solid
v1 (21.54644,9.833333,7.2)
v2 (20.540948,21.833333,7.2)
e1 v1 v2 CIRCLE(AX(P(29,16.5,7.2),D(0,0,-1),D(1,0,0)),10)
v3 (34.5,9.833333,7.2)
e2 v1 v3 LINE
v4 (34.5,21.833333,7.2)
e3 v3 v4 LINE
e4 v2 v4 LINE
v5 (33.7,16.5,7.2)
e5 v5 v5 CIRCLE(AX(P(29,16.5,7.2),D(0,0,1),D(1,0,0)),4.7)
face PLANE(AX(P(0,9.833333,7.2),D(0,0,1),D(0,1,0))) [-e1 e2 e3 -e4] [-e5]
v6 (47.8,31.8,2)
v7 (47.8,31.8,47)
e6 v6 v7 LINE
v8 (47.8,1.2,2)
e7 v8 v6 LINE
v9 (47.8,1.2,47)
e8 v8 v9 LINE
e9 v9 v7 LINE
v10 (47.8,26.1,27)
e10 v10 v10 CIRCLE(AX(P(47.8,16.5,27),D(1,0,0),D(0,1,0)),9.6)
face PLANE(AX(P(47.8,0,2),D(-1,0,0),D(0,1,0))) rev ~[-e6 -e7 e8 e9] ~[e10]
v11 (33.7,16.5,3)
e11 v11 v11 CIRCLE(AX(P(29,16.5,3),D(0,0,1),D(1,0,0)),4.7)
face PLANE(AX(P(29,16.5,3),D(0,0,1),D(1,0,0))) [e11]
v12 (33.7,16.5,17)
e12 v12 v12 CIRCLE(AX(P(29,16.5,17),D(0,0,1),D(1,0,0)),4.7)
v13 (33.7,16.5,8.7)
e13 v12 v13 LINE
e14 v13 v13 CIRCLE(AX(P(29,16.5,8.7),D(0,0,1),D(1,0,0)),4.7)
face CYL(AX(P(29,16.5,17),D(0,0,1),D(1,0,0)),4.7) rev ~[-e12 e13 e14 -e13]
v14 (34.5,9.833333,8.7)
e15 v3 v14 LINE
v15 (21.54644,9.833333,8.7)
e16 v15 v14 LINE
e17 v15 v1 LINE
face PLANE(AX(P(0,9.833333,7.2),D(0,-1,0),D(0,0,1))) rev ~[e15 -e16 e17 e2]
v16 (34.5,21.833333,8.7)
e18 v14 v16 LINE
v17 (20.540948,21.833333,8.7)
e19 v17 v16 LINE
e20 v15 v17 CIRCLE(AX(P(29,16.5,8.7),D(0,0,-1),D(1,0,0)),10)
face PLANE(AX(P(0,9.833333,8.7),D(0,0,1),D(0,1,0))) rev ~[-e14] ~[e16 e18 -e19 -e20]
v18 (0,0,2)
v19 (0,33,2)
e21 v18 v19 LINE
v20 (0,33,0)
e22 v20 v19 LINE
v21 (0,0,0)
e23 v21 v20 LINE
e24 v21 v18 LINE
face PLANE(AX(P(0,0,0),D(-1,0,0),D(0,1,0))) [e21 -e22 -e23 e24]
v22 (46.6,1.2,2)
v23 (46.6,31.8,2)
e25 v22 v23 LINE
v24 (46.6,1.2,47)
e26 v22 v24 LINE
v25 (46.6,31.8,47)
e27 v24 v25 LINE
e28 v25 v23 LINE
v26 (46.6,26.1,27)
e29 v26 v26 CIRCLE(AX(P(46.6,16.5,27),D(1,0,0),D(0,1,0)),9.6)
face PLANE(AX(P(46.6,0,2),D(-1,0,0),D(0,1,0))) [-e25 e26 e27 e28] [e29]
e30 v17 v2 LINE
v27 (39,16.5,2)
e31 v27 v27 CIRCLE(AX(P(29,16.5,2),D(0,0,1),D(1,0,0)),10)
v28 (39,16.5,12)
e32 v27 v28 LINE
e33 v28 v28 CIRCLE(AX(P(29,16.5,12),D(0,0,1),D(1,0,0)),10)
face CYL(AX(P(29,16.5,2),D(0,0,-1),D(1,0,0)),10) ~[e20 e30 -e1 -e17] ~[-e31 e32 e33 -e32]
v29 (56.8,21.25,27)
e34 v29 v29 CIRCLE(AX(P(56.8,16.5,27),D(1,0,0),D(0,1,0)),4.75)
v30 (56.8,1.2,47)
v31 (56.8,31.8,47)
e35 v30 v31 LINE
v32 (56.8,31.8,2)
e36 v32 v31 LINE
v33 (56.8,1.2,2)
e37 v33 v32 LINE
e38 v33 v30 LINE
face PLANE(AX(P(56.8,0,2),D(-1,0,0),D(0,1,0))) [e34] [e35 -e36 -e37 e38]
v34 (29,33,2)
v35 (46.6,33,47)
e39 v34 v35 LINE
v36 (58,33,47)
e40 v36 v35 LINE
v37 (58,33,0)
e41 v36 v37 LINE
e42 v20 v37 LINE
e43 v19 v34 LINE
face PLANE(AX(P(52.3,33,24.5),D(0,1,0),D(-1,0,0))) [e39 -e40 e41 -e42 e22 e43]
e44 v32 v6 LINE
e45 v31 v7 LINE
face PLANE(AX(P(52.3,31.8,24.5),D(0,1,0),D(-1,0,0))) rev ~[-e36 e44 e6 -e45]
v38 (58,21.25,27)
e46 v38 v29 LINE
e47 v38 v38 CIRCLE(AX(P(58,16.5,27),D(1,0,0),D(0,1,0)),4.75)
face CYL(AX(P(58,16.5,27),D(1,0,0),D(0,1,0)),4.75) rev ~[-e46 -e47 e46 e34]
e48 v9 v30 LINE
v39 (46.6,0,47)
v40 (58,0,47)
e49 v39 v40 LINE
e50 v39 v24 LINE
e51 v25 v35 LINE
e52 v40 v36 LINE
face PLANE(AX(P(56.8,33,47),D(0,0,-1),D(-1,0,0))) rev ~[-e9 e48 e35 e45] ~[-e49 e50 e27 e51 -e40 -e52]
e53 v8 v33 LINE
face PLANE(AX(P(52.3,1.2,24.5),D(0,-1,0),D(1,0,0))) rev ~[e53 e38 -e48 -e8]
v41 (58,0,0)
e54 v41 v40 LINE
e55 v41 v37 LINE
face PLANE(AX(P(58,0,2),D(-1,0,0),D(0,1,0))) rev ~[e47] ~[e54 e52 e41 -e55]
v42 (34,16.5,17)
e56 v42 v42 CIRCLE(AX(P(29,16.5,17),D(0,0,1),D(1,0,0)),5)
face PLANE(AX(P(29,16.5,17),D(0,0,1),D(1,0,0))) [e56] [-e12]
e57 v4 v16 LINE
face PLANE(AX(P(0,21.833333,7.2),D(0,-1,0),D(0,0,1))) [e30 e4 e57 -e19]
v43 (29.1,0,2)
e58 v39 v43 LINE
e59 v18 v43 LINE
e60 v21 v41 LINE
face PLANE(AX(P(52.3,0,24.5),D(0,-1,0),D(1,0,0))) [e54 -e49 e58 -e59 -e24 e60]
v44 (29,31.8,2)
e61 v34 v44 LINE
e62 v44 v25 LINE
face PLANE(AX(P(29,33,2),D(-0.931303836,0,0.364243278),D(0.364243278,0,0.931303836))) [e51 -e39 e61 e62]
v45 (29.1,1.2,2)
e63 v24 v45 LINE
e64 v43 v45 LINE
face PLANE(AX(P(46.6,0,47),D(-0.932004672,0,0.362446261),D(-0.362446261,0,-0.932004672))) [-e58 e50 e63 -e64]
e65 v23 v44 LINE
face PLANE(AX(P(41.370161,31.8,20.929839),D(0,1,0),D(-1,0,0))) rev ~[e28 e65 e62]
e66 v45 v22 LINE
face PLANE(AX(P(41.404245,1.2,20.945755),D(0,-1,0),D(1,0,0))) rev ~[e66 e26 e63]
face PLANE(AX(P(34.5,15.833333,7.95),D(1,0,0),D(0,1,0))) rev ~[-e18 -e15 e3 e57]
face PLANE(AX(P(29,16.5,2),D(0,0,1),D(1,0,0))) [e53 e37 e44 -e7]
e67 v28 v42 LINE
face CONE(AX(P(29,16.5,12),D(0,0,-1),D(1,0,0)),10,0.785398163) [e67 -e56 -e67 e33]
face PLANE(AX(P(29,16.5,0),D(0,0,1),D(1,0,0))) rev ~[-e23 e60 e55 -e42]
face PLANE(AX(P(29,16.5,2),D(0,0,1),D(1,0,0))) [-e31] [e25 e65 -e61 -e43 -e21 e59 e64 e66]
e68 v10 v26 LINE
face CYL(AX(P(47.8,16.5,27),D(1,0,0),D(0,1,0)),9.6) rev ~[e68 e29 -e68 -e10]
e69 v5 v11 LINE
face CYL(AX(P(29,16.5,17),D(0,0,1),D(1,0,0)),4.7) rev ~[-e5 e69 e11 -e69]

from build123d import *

# Parameters (mm, degrees)
F0_W      = 58
F0_H      = 33
F1_DEPTH  = 2
F2_R      = 10
F3_DEPTH  = 15
F4_R      = 4.7
F5_DEPTH  = 14
F6_W      = 12
F6_H      = 1.5
F7_DEPTH  = 34.5
F8_W      = 1.2
F8_H      = 33
F9_DEPTH  = 45
F10_R     = 4.75
F11_DEPTH = 20
F12_W     = 1.2
F12_H     = 33
F13_DEPTH = 45
F14_R     = 9.6
F15_DEPTH = 10
F17_DEPTH = 1.2
F19_DEPTH = 1.2
F20_W     = 9
F20_H     = 45
F21_DEPTH = 1.2
F22_W     = 9
F22_H     = 45
F23_DEPTH = 1.2
F24_SIZE  = 5


with BuildPart() as f1:
    # F0 (on Top) → F1 (new body)
    with BuildSketch(Plane.XY):
        with Locations((29, 16.5)):
            Rectangle(F0_W, F0_H)
    extrude(amount=F1_DEPTH)

    # F2 (on face) → F3 (join)
    with BuildSketch(Plane.XY.offset(2)):
        with Locations((29, 16.5)):
            Circle(F2_R)
    extrude(amount=F3_DEPTH)

    # F4 (on face) → F5 (cut)
    with BuildSketch(Plane.XY.offset(17)):
        with Locations((29, 16.5)):
            Circle(F4_R)
    extrude(amount=-F5_DEPTH, mode=Mode.SUBTRACT)

    # F6 (on Right) → F7 (cut)
    with BuildSketch(Plane.YZ):
        with Locations((15.833333, 7.95)):
            Rectangle(F6_W, F6_H)
    extrude(amount=F7_DEPTH, mode=Mode.SUBTRACT)

    # F8 (on face) → F9 (join)
    with BuildSketch(Plane.XY.offset(2)):
        with Locations((57.4, 16.5)):
            Rectangle(F8_W, F8_H)
    extrude(amount=F9_DEPTH)

    # F10 (on face) → F11 (cut)
    with BuildSketch(Plane.YZ.offset(58)):
        with Locations((16.5, 27)):
            Circle(F10_R)
    extrude(amount=-F11_DEPTH, mode=Mode.SUBTRACT)

    # F12 (on face) → F13 (join)
    with BuildSketch(Plane.XY.offset(2)):
        with Locations((47.2, 16.5)):
            Rectangle(F12_W, F12_H)
    extrude(amount=F13_DEPTH)

    # F14 (on face) → F15 (cut)
    with BuildSketch(Plane.YZ.offset(47.8)):
        with Locations((16.5, 27)):
            Circle(F14_R)
    extrude(amount=-F15_DEPTH, mode=Mode.SUBTRACT)

    # F16 (on Front) → F17 (join)
    with BuildSketch(Plane.XZ):
        Polygon((46.6, 2), (46.6, 47), (29.1, 2), align=None)
    extrude(amount=-F17_DEPTH)

    # F18 (on face) → F19 (join)
    with BuildSketch(Plane(origin=(0, 33, 0), x_dir=(-1, 0, 0), z_dir=(0, 1, 0))):
        Polygon((-29, 2), (-46.6, 47), (-46.6, 2), align=None)
    extrude(amount=-F19_DEPTH)

    # F20 (on Front) → F21 (join)
    with BuildSketch(Plane.XZ):
        with Locations((52.3, 24.5)):
            Rectangle(F20_W, F20_H)
    extrude(amount=-F21_DEPTH)

    # F22 (on face) → F23 (join)
    with BuildSketch(Plane(origin=(0, 33, 0), x_dir=(-1, 0, 0), z_dir=(0, 1, 0))):
        with Locations((-52.3, 24.5)):
            Rectangle(F22_W, F22_H)
    extrude(amount=-F23_DEPTH)

    # F24
    f24_edges = [f1.edges().sort_by_distance(p)[0] for p in [
        (19, 16.5, 17),
    ]]
    chamfer(f24_edges, length=F24_SIZE)


solid = f1.part
